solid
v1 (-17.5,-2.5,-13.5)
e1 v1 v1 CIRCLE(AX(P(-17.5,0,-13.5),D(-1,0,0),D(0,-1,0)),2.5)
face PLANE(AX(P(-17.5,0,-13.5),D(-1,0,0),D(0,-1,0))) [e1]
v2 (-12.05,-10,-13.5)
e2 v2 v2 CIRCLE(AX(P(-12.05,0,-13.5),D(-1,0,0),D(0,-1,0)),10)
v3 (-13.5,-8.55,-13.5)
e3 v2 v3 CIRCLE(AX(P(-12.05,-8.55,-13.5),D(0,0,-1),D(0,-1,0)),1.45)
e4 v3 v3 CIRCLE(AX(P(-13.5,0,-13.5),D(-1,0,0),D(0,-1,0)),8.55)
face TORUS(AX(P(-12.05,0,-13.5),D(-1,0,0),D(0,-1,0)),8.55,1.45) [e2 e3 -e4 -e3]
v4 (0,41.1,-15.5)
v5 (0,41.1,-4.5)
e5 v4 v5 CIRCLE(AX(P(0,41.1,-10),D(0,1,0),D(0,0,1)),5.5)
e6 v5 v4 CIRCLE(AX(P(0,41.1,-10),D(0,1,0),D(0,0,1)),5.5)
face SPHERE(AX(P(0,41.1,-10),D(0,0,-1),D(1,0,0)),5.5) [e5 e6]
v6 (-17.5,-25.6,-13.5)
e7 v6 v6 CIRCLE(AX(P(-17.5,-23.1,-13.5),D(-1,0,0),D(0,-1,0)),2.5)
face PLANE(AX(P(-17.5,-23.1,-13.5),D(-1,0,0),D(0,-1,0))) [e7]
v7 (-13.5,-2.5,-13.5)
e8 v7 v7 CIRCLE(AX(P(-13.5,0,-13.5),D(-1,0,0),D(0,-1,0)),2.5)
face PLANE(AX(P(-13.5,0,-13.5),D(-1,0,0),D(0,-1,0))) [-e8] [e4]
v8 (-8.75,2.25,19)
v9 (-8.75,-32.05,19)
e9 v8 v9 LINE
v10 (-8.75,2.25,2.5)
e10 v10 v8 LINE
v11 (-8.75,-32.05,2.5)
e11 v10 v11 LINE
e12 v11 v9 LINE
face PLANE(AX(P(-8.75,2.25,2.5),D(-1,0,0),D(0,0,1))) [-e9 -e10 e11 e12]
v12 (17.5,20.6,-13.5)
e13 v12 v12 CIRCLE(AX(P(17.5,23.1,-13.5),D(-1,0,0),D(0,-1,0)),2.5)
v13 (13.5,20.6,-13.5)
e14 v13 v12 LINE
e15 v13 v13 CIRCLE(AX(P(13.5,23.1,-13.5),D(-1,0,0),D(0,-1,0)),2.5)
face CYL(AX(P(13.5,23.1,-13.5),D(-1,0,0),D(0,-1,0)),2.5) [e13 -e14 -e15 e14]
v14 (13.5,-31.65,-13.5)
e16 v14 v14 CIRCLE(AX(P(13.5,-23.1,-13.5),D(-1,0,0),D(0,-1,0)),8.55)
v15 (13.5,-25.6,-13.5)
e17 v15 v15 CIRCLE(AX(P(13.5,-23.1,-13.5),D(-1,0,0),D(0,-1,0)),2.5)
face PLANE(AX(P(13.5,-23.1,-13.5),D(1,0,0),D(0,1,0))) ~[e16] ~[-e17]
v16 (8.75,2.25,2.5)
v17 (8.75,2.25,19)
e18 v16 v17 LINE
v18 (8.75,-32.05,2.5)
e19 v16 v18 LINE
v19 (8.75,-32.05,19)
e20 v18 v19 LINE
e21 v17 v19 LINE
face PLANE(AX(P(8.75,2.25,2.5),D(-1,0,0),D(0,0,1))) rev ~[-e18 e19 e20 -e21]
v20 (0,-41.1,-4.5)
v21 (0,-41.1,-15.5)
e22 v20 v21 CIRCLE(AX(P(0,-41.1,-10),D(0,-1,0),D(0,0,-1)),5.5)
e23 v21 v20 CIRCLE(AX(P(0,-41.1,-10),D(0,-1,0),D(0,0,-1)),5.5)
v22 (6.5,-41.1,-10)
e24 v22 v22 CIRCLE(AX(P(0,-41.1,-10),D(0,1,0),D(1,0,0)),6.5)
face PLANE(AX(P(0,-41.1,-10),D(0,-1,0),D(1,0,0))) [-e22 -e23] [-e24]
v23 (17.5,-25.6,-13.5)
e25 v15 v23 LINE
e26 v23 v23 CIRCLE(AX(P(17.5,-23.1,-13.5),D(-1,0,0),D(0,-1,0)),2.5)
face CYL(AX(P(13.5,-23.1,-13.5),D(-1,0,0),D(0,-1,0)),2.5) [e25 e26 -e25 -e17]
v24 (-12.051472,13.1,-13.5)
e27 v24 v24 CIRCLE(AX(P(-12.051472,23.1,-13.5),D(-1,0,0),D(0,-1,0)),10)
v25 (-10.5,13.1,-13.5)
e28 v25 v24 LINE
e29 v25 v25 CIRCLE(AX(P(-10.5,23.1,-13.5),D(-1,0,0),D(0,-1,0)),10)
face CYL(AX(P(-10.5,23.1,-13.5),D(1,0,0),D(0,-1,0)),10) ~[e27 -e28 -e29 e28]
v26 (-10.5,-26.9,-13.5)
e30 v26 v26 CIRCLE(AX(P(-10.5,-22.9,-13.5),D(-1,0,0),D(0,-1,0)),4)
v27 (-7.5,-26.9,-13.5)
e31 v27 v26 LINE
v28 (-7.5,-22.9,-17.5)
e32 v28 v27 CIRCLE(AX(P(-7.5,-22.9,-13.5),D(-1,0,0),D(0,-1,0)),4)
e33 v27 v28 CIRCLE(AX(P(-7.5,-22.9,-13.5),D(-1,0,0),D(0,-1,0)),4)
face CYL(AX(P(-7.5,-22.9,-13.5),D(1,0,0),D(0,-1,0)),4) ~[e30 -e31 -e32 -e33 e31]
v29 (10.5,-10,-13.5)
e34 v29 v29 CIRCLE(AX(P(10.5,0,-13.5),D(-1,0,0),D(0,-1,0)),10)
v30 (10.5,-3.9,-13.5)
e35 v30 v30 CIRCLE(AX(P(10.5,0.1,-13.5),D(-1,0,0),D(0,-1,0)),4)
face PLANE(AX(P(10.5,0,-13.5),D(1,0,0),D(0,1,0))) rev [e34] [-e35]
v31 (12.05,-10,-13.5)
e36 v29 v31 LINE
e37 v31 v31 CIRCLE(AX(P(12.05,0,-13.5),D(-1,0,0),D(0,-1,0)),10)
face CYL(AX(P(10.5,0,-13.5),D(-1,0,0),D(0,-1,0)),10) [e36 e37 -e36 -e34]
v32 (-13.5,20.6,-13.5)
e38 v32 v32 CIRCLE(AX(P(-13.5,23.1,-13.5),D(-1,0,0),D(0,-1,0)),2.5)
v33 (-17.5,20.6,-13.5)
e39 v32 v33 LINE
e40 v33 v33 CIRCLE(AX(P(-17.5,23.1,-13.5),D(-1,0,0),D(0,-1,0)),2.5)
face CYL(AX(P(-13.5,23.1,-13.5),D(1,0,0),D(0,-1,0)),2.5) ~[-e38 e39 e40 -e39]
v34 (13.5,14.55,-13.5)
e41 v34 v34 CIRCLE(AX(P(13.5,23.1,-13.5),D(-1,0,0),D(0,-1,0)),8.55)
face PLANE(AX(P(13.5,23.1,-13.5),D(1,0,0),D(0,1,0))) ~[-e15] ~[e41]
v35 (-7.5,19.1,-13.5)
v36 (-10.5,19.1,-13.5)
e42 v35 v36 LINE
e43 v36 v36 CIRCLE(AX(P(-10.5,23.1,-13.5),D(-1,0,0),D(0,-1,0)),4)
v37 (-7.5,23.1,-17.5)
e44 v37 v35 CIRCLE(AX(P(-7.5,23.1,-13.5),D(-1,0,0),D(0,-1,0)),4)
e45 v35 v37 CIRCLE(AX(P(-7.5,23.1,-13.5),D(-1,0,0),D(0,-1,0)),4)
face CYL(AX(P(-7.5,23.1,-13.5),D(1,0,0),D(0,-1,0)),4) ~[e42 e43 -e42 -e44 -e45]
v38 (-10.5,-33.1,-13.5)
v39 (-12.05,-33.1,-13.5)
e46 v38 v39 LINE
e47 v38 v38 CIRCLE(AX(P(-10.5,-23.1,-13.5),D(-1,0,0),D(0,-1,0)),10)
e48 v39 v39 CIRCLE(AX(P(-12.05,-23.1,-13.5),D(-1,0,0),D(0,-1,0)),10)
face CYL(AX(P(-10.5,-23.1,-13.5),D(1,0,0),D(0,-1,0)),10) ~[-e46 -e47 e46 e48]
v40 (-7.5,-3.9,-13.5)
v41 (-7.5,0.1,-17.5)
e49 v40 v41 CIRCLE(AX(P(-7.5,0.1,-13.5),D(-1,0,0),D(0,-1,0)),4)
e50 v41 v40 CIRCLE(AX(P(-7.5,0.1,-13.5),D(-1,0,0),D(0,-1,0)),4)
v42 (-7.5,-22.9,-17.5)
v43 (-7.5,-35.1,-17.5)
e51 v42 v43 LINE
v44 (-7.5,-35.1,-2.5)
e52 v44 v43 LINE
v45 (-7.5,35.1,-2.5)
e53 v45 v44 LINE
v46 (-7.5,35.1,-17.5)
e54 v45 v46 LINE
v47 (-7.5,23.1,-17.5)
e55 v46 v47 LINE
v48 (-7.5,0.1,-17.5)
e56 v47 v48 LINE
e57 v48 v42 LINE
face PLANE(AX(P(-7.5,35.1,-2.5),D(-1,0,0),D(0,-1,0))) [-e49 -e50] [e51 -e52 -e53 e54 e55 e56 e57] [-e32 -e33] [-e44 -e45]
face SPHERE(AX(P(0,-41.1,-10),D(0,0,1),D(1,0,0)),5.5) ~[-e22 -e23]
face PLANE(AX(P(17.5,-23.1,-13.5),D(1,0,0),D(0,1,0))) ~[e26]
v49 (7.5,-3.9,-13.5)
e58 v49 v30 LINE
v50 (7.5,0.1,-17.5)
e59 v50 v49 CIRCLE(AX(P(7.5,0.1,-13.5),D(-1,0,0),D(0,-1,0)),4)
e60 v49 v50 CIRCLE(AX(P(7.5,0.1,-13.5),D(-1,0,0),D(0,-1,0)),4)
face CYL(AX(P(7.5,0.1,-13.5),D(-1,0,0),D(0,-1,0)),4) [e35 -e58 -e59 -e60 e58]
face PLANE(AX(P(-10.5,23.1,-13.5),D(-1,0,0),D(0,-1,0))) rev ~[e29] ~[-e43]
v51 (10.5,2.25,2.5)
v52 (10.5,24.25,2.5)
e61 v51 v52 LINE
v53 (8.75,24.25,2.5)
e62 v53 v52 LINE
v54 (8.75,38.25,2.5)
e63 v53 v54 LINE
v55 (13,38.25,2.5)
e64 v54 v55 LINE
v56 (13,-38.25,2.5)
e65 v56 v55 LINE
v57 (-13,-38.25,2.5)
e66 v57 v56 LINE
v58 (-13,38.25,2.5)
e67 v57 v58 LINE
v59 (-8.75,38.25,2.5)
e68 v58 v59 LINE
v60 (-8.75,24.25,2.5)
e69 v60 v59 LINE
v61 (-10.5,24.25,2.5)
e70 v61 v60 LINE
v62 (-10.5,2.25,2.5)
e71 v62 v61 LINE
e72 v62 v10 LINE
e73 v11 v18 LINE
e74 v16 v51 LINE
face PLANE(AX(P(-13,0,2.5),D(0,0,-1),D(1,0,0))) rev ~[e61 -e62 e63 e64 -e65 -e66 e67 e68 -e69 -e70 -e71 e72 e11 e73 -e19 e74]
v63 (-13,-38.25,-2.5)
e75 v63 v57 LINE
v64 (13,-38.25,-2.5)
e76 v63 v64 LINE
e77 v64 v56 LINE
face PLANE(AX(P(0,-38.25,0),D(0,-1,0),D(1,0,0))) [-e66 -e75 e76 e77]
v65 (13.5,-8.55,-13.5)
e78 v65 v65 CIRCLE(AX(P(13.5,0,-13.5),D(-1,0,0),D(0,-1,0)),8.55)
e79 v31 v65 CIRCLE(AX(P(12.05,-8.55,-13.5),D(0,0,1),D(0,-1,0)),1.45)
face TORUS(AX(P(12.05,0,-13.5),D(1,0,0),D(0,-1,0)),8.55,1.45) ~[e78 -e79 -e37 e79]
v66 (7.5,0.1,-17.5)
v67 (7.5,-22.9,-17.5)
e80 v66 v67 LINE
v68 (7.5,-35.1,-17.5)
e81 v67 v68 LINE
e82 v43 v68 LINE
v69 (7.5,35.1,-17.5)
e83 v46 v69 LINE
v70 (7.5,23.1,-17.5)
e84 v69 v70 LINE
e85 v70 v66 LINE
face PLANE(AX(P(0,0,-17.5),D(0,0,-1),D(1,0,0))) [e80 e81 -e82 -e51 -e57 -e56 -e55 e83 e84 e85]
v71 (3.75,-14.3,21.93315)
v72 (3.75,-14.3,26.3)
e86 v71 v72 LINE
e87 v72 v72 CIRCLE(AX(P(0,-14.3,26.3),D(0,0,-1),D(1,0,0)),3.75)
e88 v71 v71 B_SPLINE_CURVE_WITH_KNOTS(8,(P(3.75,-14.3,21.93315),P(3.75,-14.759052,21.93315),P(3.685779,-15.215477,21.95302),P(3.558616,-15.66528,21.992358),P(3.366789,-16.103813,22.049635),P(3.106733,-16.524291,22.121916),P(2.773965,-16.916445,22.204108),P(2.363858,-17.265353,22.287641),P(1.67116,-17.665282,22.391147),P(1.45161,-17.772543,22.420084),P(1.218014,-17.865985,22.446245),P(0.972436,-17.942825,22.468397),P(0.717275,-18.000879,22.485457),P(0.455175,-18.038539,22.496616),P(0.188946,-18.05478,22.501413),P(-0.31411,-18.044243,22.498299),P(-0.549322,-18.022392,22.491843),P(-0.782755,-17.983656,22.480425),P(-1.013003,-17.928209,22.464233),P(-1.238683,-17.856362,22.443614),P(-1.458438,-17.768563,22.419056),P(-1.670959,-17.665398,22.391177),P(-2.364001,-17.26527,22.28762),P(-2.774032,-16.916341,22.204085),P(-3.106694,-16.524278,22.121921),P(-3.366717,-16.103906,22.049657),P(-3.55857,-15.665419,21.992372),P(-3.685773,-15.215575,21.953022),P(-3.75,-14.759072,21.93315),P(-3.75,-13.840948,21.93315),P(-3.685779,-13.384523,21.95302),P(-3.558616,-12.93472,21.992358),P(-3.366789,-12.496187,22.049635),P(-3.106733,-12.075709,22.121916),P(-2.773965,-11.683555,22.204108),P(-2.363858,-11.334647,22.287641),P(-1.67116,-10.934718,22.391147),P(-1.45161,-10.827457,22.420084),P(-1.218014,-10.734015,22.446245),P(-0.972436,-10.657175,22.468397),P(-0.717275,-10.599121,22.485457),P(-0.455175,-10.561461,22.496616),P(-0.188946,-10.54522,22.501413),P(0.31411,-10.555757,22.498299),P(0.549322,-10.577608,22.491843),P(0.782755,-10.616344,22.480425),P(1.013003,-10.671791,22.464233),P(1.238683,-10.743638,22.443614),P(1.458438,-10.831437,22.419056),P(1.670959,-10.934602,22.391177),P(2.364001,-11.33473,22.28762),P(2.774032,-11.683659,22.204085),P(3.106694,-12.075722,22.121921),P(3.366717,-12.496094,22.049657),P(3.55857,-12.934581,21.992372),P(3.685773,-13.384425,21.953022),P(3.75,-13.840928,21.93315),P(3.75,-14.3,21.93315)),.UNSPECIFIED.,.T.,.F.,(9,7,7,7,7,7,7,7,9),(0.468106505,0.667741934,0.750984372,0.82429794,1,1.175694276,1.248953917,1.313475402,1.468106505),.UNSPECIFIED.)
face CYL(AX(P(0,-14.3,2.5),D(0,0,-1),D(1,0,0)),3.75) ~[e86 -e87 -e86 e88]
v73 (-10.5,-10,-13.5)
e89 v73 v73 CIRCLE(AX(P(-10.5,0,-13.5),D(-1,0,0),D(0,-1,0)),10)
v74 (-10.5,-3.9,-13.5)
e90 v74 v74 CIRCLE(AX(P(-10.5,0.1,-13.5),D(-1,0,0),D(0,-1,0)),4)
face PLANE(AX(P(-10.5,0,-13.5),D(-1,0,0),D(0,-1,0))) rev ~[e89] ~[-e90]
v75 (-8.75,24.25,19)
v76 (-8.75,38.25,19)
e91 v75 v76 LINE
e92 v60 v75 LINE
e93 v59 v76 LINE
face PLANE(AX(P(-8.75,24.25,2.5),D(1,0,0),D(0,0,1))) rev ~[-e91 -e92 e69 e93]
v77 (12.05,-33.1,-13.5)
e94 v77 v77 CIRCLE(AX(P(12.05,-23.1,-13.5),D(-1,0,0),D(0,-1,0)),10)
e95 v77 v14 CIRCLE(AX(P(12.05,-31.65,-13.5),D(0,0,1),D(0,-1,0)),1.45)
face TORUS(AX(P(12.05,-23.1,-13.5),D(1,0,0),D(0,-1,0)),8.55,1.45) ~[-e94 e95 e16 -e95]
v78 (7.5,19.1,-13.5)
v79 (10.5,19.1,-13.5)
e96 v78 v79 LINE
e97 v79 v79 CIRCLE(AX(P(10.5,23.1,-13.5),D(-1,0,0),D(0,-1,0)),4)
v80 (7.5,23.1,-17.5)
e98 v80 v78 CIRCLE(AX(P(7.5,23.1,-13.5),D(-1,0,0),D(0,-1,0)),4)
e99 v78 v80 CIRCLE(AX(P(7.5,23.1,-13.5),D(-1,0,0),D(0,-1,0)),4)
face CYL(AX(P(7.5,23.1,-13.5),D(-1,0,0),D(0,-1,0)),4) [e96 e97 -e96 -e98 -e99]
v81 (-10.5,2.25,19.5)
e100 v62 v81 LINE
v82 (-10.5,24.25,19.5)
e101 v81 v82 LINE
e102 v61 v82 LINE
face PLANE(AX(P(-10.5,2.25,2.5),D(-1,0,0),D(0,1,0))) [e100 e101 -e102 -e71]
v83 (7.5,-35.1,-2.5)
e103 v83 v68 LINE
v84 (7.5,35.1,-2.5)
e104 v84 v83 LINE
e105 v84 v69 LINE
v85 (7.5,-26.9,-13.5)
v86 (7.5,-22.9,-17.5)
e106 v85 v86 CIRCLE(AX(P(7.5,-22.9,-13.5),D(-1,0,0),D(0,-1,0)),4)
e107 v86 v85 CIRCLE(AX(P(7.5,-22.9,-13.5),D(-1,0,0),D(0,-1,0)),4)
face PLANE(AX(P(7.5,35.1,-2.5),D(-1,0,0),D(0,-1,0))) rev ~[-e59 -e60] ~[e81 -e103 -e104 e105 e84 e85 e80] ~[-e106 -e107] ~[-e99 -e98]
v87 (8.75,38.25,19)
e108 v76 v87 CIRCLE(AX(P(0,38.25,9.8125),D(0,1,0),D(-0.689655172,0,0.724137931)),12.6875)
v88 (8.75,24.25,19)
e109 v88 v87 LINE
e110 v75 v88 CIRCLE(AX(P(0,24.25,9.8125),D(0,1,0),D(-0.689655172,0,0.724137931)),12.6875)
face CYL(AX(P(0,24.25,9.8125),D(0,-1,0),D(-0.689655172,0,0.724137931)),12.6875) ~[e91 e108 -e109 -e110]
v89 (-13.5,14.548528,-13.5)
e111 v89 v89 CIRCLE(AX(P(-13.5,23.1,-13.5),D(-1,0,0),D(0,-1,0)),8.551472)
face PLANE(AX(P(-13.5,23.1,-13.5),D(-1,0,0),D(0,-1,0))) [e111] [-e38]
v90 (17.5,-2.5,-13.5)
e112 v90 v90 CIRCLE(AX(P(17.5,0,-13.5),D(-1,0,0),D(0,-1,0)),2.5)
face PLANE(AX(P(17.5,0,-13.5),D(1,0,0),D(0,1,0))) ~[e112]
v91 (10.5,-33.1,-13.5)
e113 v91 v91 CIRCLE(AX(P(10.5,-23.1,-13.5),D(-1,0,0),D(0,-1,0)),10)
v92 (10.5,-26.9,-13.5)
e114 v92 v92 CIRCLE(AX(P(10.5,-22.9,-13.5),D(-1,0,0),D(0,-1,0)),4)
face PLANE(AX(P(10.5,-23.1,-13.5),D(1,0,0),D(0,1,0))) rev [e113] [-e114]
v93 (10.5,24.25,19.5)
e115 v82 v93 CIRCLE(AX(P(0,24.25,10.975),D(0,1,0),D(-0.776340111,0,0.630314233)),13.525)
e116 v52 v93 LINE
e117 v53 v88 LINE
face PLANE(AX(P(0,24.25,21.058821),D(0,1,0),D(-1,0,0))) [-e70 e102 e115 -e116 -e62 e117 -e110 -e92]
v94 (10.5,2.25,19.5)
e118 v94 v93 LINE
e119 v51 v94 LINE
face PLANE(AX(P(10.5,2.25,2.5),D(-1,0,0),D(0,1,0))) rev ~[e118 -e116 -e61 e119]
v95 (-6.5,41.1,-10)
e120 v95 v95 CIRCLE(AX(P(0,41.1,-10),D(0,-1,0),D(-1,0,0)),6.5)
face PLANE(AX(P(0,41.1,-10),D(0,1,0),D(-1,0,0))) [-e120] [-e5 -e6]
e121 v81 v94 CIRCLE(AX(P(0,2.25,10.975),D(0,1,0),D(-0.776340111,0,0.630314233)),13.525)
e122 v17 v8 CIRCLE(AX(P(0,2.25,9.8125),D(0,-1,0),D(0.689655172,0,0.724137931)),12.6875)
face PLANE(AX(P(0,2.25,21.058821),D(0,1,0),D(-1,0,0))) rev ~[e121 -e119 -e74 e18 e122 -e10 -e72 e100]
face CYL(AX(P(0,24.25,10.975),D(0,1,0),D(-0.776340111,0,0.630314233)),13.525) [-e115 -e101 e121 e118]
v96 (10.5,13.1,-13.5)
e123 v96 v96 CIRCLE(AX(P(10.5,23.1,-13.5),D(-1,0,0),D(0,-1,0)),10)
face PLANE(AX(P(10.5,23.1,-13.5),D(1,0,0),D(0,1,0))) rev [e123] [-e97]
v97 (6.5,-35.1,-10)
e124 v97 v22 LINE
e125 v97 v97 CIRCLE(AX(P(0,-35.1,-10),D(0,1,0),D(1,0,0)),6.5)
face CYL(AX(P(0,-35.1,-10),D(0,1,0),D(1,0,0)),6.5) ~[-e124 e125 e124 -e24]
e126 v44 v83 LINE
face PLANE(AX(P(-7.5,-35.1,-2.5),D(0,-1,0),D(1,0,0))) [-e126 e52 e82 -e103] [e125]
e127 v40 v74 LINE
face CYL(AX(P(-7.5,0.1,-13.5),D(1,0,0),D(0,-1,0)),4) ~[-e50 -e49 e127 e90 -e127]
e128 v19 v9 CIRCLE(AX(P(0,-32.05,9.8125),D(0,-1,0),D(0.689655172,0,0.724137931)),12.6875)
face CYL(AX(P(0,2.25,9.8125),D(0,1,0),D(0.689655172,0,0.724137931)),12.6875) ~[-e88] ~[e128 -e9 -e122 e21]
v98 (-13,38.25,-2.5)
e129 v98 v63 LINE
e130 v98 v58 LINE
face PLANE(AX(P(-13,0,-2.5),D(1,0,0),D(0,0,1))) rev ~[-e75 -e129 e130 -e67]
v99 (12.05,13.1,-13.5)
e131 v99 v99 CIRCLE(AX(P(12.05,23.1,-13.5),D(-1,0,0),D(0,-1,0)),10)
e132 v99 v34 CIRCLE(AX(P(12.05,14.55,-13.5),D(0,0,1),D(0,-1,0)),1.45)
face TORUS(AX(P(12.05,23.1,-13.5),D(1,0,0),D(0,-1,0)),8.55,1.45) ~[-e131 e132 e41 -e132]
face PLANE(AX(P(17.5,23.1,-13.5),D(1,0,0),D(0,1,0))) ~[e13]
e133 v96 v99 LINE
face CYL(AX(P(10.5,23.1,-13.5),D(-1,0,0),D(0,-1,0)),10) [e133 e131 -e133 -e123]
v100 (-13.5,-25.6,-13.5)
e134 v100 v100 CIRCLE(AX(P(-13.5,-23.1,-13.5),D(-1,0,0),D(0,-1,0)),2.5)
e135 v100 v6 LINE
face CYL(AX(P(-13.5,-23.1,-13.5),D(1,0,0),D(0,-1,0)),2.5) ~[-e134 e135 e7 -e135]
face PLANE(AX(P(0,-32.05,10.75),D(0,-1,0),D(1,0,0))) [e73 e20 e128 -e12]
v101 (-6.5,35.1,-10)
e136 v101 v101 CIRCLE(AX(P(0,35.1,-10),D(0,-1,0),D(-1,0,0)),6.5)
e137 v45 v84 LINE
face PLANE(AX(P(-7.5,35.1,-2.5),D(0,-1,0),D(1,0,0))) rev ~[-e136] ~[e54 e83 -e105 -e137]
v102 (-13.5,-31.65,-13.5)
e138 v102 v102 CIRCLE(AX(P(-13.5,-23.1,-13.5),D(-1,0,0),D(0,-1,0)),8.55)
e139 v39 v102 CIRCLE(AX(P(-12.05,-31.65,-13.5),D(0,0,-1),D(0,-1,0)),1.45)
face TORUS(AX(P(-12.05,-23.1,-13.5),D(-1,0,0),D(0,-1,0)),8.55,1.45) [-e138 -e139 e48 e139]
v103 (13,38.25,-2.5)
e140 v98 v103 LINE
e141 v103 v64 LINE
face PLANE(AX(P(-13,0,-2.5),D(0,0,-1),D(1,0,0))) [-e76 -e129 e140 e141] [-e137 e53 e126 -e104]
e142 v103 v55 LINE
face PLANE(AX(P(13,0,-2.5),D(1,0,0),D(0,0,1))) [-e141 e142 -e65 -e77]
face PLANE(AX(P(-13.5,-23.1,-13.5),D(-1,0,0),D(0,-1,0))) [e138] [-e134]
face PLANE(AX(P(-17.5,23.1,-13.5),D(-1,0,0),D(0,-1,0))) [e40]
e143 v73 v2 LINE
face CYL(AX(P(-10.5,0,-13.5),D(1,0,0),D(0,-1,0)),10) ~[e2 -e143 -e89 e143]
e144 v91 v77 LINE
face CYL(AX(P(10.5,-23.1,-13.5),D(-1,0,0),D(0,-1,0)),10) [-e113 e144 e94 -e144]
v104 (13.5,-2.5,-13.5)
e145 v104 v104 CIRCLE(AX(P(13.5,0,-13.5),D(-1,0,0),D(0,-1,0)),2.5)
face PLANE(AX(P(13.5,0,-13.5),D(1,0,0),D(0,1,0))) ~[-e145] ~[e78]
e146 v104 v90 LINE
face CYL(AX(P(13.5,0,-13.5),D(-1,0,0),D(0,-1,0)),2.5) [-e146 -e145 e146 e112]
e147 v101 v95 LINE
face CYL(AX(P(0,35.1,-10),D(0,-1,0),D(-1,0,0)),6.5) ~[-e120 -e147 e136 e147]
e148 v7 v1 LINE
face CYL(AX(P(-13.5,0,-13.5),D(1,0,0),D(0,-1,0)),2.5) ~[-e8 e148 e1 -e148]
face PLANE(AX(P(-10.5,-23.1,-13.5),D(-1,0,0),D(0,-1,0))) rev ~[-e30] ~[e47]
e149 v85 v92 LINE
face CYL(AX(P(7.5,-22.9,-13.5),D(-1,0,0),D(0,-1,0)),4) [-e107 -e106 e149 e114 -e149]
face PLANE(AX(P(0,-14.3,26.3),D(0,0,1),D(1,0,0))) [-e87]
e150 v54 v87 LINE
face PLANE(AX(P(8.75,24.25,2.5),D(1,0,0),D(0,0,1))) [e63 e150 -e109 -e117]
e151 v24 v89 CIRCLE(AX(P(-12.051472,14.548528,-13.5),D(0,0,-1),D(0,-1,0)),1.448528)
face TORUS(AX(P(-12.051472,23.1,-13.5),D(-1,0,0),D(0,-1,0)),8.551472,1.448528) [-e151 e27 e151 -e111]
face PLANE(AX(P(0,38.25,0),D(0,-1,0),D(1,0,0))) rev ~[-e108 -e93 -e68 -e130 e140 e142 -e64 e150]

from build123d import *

# Parameters (mm, degrees)
F0_W      = 26
F0_H      = 5
F1_DEPTH  = 38.25
F2_W      = 15
F2_H      = 70.2
F3_DEPTH  = 15
F4_R      = 6.5
F5_DEPTH  = 6
F6_R      = 6.5
F7_DEPTH  = 6
F12_W     = 21
F12_H     = 22
F13_DEPTH = 17
F15_DEPTH = 22
F16_W     = 17.5
F16_H     = 16.5
F17_DEPTH = 14
F18_W     = 17.5
F18_H     = 16.5
F19_DEPTH = 34.3
F20_R     = 3.75
F21_DEPTH = 23.8
F22_R     = 4
F23_DEPTH = 3
F24_R     = 10
F25_DEPTH = 3
F26_R     = 2.5
F27_DEPTH = 4
F29_R     = 1.4485281374
F30_R     = 1.45


with BuildPart() as f1:
    # F0 (on Front) → F1 (new body, symmetric)
    with BuildSketch(Plane.XZ):
        Rectangle(F0_W, F0_H)
    extrude(amount=F1_DEPTH, both=True)

    # F2 (on face) → F3 (join)
    with BuildSketch(Plane(origin=(0, 0, -2.5), x_dir=(1, 0, 0), z_dir=(0, 0, -1))):
        Rectangle(F2_W, F2_H)
    extrude(amount=F3_DEPTH)

    # F4 (on face) → F5 (join)
    with BuildSketch(Plane.XZ.offset(35.1)):
        with Locations((0, -10)):
            Circle(F4_R)
    extrude(amount=F5_DEPTH)

    # F6 (on face) → F7 (join)
    with BuildSketch(Plane(origin=(0, 35.1, 0), x_dir=(-1, 0, 0), z_dir=(0, 1, 0))):
        with Locations((0, -10)):
            Circle(F6_R)
    extrude(amount=F7_DEPTH)

    # F8 (on face) → F9 (revolve)
    with BuildSketch(Plane(origin=(0, 41.1, 0), x_dir=(-1, 0, 0), z_dir=(0, 1, 0))):
        with BuildLine():
            Line((0, -15.5), (0, -4.5))
            ThreePointArc((0, -4.5), (-5.5, -10), (0, -15.5))
        make_face()
    revolve(axis=Axis((0, 41.1, -10), (0, 0, -1)))

    # F10 (on face) → F11 (revolve)
    with BuildSketch(Plane.XZ.offset(41.1)):
        with BuildLine():
            Line((0, -4.5), (0, -15.5))
            ThreePointArc((0, -15.5), (5.5, -10), (0, -4.5))
        make_face()
    revolve(axis=Axis((0, -41.1, -10), (0, 0, -1)))

    # F12 (on face) → F13 (join)
    with BuildSketch(Plane.XY.offset(2.5)):
        with Locations((0, 13.25)):
            Rectangle(F12_W, F12_H)
    extrude(amount=F13_DEPTH)

    # F14 (on face) → F15 (join)
    with BuildSketch(Plane(origin=(0, 24.25, 0), x_dir=(-1, 0, 0), z_dir=(0, 1, 0))):
        with BuildLine():
            Line((-10.5, 19.5), (10.5, 19.5))
            ThreePointArc((10.5, 19.5), (0, 24.5), (-10.5, 19.5))
        make_face()
    extrude(amount=-F15_DEPTH)

    # F16 (on face) → F17 (join)
    with BuildSketch(Plane(origin=(0, 24.25, 0), x_dir=(-1, 0, 0), z_dir=(0, 1, 0))):
        with Locations((0, 10.75)):
            Rectangle(F16_W, F16_H)
        with BuildLine():
            ThreePointArc((8.75, 19), (0, 22.5), (-8.75, 19))
            Line((-8.75, 19), (8.75, 19))
        make_face()
    extrude(amount=F17_DEPTH)

    # F18 (on face) → F19 (join)
    with BuildSketch(Plane.XZ.offset(-2.25)):
        with Locations((0, 10.75)):
            Rectangle(F18_W, F18_H)
        with BuildLine():
            ThreePointArc((8.75, 19), (0, 22.5), (-8.75, 19))
            Line((-8.75, 19), (8.75, 19))
        make_face()
    extrude(amount=F19_DEPTH)

    # F20 (on face) → F21 (join)
    with BuildSketch(Plane.XY.offset(2.5)):
        with Locations((0, -14.3)):
            Circle(F20_R)
    extrude(amount=F21_DEPTH)

    # F22 (on face) → F23 (join)
    with BuildSketch(Plane(origin=(-7.5, 0, 0), x_dir=(0, -1, 0), z_dir=(-1, 0, 0))):
        with Locations((-23.1, -13.5)):
            Circle(F22_R)
        with Locations((-0.1, -13.5)):
            Circle(F22_R)
        with Locations((22.9, -13.5)):
            Circle(F22_R)
    extrude(amount=F23_DEPTH)

    # F24 (on face) → F25 (join)
    with BuildSketch(Plane(origin=(-10.5, 0, 0), x_dir=(0, -1, 0), z_dir=(-1, 0, 0))):
        with Locations((-23.1, -13.5)):
            Circle(F24_R)
        with Locations((0, -13.5)):
            Circle(F24_R)
        with Locations((23.1, -13.5)):
            Circle(F24_R)
    extrude(amount=F25_DEPTH)

    # F26 (on face) → F27 (join)
    with BuildSketch(Plane(origin=(-13.5, 0, 0), x_dir=(0, -1, 0), z_dir=(-1, 0, 0))):
        with Locations((-23.1, -13.5)):
            Circle(F26_R)
        with Locations((0, -13.5)):
            Circle(F26_R)
        with Locations((23.1, -13.5)):
            Circle(F26_R)
    extrude(amount=F27_DEPTH)

    # F28: F1 across plane


with BuildPart() as f1_1:
    add(f1.part)
    add(f1.part.mirror(Plane.YZ))

    # F29
    f29_edges = [f1_1.edges().sort_by_distance(p)[0] for p in [
        (-13.5, 33.1, -13.5),
    ]]
    fillet(f29_edges, radius=F29_R)

    # F30
    f30_edges = [f1_1.edges().sort_by_distance(p)[0] for p in [
        (-13.5, -13.1, -13.5),
        (-13.5, 10, -13.5),
        (13.5, 33.1, -13.5),
        (13.5, 10, -13.5),
        (13.5, -13.1, -13.5),
    ]]
    fillet(f30_edges, radius=F30_R)


solid = f1_1.part
